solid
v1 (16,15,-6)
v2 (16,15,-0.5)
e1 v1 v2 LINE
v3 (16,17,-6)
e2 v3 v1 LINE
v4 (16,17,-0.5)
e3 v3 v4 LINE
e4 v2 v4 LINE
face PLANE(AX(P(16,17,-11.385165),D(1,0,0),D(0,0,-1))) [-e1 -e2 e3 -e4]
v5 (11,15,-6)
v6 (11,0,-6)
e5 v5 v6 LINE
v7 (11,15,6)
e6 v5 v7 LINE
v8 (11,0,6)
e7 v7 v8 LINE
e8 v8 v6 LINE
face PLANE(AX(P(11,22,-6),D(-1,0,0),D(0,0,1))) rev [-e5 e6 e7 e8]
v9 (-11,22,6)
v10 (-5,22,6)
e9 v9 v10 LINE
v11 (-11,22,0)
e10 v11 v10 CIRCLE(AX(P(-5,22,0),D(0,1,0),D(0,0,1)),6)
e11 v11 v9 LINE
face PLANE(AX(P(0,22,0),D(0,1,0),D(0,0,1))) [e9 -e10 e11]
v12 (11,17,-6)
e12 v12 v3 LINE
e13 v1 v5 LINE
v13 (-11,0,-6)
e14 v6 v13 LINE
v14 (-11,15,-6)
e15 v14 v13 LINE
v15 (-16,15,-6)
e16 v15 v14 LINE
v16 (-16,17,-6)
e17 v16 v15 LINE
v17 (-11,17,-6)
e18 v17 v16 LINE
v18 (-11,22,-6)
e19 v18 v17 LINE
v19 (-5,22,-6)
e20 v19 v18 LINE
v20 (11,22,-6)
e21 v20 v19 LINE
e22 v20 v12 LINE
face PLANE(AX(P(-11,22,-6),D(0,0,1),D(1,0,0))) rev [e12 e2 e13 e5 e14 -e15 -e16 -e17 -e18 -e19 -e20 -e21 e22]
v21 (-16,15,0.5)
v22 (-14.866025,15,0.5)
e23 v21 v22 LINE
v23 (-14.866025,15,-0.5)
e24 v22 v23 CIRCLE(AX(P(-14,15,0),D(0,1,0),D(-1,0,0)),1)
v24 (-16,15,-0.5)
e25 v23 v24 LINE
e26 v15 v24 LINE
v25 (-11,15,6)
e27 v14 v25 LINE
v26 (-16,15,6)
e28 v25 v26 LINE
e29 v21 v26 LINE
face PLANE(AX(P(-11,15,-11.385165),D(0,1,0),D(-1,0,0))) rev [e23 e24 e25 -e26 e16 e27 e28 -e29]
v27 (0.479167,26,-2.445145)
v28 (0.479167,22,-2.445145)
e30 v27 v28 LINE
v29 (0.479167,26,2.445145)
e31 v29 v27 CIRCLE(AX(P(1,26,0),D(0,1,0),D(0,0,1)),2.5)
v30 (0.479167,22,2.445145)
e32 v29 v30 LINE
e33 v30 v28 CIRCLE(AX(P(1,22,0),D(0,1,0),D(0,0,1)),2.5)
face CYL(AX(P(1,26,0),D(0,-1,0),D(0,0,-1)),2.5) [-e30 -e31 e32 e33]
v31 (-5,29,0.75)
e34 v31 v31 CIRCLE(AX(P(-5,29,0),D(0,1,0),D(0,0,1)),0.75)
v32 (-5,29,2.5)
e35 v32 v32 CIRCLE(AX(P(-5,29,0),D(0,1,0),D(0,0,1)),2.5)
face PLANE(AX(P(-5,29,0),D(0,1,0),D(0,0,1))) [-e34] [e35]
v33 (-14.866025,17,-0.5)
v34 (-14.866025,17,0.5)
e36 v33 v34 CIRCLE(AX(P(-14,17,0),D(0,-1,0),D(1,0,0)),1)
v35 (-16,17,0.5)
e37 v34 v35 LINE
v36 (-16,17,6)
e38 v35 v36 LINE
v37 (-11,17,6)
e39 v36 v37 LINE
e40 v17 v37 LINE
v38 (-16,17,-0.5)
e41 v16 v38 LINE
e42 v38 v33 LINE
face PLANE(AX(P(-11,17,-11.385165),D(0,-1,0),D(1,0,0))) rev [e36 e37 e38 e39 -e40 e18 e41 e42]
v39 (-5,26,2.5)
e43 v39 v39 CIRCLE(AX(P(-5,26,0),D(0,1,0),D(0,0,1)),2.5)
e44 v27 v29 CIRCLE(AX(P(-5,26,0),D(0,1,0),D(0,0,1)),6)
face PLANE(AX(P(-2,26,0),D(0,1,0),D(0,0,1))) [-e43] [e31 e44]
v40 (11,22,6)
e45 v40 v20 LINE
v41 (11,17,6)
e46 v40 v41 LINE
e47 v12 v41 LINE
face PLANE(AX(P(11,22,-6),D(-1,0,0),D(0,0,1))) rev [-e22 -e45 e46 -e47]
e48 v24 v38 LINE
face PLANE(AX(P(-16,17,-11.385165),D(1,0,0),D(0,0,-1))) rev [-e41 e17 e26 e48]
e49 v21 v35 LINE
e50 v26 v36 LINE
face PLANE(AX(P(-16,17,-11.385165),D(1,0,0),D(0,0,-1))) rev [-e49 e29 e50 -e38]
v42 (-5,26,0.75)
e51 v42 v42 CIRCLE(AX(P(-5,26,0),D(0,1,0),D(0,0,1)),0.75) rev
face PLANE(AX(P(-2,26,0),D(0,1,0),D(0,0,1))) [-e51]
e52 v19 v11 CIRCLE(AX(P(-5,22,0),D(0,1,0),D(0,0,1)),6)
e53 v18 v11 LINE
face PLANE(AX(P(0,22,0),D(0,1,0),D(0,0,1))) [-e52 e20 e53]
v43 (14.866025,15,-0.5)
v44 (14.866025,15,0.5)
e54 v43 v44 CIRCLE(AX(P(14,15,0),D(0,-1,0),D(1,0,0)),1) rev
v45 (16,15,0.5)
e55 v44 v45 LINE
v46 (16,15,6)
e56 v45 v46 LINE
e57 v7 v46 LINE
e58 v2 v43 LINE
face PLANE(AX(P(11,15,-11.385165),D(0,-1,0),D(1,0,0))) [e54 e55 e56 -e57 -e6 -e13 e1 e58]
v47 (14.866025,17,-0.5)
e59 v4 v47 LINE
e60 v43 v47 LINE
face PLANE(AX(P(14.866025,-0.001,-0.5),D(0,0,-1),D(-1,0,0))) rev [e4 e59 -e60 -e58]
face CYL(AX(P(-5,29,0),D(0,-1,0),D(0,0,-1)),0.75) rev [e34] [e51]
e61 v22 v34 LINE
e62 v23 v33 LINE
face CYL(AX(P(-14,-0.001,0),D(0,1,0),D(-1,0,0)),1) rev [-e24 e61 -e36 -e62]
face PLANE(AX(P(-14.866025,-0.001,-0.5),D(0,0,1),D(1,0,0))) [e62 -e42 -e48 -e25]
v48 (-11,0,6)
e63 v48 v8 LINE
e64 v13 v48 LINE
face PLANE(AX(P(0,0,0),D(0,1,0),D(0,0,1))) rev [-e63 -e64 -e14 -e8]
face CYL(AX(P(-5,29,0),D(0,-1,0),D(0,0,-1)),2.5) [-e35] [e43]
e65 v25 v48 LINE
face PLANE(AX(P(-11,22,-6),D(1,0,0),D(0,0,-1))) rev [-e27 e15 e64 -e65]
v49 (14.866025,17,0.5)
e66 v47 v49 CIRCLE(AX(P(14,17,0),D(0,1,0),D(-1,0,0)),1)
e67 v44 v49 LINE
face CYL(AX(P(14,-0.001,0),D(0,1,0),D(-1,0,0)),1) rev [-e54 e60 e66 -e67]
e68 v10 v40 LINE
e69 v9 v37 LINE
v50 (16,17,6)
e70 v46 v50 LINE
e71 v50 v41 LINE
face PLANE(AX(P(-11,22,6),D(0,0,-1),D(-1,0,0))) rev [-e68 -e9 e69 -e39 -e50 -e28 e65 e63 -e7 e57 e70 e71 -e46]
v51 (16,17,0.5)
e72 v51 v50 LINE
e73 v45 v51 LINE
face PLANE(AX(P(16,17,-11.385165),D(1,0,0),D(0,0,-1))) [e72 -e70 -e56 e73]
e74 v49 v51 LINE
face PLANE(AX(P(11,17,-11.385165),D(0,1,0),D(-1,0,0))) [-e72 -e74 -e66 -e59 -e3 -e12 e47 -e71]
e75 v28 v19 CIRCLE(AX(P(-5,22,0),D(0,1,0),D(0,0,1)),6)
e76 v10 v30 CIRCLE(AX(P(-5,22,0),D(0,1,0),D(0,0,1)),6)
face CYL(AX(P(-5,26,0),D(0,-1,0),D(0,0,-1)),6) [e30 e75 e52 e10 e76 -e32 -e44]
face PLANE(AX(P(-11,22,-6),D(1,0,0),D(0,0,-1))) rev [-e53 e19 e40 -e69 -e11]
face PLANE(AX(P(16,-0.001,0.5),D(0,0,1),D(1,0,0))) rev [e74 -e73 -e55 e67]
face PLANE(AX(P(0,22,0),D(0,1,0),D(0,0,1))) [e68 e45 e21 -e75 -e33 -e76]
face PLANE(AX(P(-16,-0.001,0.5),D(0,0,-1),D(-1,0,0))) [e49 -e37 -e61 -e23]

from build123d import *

# Parameters (mm, degrees)
SKETCH1_W           = 22
SKETCH1_H           = 12
BOSS_EXTRUDE1_DEPTH = 22
BOSS_EXTRUDE2_DEPTH = 4
SKETCH3_W           = 5
SKETCH3_H           = 2
BOSS_EXTRUDE3_DEPTH = 12
CUT_EXTRUDE1_REACH  = 26.104
SKETCH5_R           = 2.5
SKETCH5_R_2         = 0.75
BOSS_EXTRUDE4_DEPTH = 3


with BuildPart() as part:
    # Sketch1 → Boss-Extrude1 (new body)
    with BuildSketch(Plane(origin=(0, 0, 0), x_dir=(1, 0, 0), z_dir=(0, 1, 0))):
        Rectangle(SKETCH1_W, SKETCH1_H)
    extrude(amount=BOSS_EXTRUDE1_DEPTH)

    # Sketch2 → Boss-Extrude2 (add)
    with BuildSketch(Plane(origin=(0, 22, 0), x_dir=(1, 0, 0), z_dir=(0, 1, 0))):
        with BuildLine():
            ThreePointArc((0.479166667, 2.445144707), (-11, 0), (0.479166667, -2.445144707))
            ThreePointArc((0.479166667, -2.445144707), (3.5, 0), (0.479166667, 2.445144707))
        make_face()
    extrude(amount=BOSS_EXTRUDE2_DEPTH)

    # Sketch3 → Boss-Extrude3 (add)
    with BuildSketch(Plane.XY.offset(6)):
        with Locations((13.5, 16)):
            Rectangle(SKETCH3_W, SKETCH3_H)
    boss_extrude3 = extrude(amount=-BOSS_EXTRUDE3_DEPTH)

    # Sketch4 → Cut-Extrude1 (cut, up to next)
    with BuildSketch(Plane(origin=(0, 17, 0), x_dir=(1, 0, 0), z_dir=(0, 1, 0)), mode=Mode.PRIVATE) as cut_extrude1_sk1:
        with BuildLine():
            Line((14.866025404, 0.5), (16, 0.5))
            Line((16, 0.5), (16, -0.5))
            Line((16, -0.5), (14.866025404, -0.5))
            ThreePointArc((14.866025404, -0.5), (13, 0), (14.866025404, 0.5))
        make_face()
    cut_extrude1_tool1 = extrude(cut_extrude1_sk1.sketch, amount=-CUT_EXTRUDE1_REACH, mode=Mode.PRIVATE) & part.part
    cut_extrude1 = cut_extrude1_tool1.solids().sort_by_distance((14.368381, 17, 0))[0]
    add(cut_extrude1, mode=Mode.SUBTRACT)

    # Mirror1: Boss-Extrude3, Cut-Extrude1 across plane
    add(boss_extrude3.mirror(Plane(origin=(0, 0, 0), x_dir=(0, 0, 1), z_dir=(1, 0, 0))))
    add(cut_extrude1.mirror(Plane(origin=(0, 0, 0), x_dir=(0, 0, 1), z_dir=(1, 0, 0))), mode=Mode.SUBTRACT)

    # Sketch5 → Boss-Extrude4 (add)
    with BuildSketch(Plane(origin=(0, 26, 0), x_dir=(1, 0, 0), z_dir=(0, 1, 0))):
        with Locations(Location((-5, 0, 0), (0, 0, 270))):
            Circle(SKETCH5_R)
        with Locations(Location((-5, 0, 0), (0, 0, 270))):
            Circle(SKETCH5_R_2, mode=Mode.SUBTRACT)
    extrude(amount=BOSS_EXTRUDE4_DEPTH)


solid = part.part
